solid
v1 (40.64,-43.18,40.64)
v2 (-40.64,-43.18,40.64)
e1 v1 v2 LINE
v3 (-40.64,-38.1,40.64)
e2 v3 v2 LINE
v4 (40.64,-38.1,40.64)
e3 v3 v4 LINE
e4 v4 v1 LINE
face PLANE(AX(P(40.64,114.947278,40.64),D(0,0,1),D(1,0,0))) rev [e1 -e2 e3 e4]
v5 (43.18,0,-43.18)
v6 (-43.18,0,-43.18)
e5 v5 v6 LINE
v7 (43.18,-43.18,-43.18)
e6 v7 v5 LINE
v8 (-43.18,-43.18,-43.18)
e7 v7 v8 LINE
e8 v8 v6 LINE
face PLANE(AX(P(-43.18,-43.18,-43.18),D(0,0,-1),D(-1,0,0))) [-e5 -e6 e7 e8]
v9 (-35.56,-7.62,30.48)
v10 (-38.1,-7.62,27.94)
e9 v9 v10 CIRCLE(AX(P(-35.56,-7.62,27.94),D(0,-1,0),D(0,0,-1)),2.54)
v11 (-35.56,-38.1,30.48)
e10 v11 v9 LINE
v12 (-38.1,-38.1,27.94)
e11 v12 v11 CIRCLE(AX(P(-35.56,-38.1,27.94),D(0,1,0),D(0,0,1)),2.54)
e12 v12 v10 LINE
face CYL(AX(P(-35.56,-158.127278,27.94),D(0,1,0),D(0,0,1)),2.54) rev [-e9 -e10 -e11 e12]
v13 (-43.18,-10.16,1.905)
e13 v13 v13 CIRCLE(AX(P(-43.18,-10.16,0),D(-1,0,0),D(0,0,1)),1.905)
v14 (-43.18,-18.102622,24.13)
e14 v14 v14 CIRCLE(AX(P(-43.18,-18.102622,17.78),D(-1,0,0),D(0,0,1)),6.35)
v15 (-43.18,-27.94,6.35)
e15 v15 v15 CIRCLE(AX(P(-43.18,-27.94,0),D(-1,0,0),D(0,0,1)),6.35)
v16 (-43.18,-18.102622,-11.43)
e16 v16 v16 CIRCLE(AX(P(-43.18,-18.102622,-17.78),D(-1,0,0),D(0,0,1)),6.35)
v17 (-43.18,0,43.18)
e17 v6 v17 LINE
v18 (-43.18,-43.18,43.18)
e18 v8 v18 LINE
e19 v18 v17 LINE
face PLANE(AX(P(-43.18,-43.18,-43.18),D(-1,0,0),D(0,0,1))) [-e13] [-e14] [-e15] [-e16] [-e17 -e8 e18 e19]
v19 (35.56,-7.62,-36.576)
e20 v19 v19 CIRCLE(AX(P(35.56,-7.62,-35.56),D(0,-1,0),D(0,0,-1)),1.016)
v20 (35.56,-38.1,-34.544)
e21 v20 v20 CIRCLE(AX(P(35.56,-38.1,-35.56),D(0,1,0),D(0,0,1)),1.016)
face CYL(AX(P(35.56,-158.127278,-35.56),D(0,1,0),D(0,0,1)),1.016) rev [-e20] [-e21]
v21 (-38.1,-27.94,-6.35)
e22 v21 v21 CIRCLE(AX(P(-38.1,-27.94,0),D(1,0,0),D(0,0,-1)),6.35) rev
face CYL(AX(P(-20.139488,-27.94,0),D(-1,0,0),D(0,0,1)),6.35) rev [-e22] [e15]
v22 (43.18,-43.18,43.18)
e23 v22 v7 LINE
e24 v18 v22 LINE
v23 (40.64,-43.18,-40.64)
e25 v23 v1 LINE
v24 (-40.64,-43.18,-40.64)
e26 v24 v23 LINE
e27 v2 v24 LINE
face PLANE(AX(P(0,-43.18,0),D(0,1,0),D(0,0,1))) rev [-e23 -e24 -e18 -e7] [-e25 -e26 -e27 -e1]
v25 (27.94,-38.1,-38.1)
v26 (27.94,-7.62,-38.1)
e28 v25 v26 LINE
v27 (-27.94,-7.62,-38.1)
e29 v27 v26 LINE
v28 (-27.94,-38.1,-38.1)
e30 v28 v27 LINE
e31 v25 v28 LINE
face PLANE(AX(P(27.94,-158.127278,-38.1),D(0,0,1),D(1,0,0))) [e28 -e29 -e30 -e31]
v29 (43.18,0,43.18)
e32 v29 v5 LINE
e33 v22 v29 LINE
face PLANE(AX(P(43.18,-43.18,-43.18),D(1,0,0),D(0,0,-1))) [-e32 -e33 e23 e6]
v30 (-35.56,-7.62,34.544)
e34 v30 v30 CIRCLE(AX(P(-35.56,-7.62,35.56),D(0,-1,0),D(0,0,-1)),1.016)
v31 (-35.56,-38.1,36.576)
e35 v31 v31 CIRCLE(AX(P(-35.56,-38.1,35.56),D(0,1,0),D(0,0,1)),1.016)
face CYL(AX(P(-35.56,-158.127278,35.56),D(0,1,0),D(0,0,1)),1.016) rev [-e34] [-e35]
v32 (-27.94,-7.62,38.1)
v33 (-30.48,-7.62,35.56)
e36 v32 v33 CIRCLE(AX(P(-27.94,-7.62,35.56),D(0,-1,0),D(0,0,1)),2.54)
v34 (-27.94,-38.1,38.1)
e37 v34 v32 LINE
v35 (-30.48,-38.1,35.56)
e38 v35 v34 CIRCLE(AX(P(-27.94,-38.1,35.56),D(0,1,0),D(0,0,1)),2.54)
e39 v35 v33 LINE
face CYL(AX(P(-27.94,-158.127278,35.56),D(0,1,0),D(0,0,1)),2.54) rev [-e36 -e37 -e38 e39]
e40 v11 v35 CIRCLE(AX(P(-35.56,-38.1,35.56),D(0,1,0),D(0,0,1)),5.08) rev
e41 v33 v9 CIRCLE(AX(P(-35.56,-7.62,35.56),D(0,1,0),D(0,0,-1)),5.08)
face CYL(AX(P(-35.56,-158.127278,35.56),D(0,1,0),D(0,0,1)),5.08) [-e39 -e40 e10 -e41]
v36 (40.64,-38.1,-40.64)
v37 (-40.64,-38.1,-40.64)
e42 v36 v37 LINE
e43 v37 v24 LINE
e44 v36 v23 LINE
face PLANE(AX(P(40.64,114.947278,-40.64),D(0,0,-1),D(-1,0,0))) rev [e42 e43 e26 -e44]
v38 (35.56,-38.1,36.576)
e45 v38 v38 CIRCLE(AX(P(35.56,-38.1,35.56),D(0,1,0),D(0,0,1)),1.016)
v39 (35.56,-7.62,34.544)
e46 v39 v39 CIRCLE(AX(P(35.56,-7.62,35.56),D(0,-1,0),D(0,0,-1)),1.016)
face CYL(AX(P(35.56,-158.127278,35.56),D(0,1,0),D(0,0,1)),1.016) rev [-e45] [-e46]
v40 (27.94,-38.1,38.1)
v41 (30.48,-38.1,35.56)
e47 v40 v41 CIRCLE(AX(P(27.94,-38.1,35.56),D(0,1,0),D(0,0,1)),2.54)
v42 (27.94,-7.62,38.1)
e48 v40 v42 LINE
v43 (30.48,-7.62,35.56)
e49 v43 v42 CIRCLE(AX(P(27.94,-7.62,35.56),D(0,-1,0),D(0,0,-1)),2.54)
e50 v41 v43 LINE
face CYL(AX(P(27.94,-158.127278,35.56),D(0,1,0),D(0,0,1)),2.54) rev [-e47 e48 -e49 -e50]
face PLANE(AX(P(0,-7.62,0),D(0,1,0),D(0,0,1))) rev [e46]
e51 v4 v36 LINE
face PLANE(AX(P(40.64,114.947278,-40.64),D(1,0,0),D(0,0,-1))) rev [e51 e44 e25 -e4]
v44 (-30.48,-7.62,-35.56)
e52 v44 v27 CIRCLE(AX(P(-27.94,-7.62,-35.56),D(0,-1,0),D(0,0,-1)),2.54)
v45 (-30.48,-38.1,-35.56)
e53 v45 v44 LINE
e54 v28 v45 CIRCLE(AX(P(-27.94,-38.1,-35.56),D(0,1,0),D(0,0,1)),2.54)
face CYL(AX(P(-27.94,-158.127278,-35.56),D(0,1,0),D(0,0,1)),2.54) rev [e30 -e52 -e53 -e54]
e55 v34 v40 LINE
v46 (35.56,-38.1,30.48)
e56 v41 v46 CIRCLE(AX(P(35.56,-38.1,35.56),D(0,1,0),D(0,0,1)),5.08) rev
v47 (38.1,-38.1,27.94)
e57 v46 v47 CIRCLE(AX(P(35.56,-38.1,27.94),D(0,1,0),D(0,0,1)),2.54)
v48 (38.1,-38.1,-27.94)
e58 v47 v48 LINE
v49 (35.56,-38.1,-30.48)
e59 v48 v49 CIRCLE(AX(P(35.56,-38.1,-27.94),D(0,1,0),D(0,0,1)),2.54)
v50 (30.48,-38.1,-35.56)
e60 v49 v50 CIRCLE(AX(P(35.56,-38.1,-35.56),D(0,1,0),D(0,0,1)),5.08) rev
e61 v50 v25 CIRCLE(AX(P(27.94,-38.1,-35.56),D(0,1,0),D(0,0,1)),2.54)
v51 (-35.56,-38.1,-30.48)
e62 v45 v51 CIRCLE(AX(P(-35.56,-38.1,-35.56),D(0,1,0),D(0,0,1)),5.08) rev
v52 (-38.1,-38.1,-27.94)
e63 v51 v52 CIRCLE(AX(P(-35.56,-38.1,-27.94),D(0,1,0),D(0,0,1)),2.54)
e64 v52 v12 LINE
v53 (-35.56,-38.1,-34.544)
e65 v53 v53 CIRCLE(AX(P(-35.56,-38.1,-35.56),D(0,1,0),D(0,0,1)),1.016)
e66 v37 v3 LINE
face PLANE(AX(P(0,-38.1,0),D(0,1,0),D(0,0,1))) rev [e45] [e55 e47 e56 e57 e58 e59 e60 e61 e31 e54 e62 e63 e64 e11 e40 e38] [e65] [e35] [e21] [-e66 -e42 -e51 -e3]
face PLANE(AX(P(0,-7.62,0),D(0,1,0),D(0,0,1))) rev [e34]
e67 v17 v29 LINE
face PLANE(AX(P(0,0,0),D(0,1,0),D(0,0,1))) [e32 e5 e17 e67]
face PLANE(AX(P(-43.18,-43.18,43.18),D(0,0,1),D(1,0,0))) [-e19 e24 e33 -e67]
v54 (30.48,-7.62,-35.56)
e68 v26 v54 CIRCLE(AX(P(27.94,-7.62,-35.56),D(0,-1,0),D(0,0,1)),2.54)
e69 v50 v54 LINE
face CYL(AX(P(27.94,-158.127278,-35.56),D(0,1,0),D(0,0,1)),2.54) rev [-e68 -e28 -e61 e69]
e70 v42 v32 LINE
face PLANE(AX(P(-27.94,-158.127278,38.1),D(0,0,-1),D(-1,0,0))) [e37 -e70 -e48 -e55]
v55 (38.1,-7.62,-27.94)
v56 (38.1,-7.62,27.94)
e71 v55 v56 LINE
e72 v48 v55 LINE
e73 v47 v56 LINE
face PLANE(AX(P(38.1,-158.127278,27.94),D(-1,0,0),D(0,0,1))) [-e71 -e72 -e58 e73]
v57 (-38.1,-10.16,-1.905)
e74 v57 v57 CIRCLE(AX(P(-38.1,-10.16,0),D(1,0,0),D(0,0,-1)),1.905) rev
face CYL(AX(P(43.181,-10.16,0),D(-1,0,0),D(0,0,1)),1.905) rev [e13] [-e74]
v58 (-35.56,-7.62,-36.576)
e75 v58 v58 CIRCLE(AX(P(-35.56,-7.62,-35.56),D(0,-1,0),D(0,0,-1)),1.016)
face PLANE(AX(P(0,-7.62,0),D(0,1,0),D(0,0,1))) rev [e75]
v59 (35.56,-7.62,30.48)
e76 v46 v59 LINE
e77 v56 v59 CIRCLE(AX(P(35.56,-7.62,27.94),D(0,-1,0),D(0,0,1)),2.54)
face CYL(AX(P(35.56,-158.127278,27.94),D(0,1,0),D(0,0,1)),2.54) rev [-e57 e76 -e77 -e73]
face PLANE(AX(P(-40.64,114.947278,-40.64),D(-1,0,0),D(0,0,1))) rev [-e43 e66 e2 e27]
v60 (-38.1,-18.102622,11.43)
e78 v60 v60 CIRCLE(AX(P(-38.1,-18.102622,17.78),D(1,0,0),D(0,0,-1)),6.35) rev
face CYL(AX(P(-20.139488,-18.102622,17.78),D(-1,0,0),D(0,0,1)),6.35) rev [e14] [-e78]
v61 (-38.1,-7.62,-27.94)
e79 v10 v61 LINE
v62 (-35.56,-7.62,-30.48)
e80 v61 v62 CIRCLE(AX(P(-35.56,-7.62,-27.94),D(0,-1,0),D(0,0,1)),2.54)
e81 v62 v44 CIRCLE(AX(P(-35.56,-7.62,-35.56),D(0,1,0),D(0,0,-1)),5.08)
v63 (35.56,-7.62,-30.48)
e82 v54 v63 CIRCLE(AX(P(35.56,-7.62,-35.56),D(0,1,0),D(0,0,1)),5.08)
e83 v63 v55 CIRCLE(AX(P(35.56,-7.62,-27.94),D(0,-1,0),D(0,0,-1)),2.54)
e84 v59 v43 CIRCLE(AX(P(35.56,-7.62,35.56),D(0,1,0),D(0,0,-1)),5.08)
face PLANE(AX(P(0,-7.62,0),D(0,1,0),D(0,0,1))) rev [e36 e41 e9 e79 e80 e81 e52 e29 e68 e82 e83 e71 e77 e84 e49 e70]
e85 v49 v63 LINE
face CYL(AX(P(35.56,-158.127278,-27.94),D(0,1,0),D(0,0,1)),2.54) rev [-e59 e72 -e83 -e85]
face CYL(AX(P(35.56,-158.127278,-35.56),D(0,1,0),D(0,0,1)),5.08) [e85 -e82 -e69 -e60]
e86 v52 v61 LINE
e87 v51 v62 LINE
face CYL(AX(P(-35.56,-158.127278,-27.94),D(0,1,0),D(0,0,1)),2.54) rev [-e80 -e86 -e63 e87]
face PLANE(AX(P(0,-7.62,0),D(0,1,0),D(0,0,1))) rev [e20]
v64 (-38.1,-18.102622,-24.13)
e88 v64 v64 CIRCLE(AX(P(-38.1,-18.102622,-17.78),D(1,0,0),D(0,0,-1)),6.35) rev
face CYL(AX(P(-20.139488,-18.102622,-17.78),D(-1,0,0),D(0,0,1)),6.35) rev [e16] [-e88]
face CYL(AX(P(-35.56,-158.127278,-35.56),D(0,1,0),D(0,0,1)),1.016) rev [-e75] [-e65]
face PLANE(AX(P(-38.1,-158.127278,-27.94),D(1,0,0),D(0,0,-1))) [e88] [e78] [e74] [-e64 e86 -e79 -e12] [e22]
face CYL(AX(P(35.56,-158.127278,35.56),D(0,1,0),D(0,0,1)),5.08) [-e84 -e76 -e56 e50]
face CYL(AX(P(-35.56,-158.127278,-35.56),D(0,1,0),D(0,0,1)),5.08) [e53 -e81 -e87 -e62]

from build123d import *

# Parameters (mm, degrees)
SKETCH1_W           = 86.36
SKETCH1_H           = 86.36
BOSS_EXTRUDE1_DEPTH = 43.18
SKETCH2_W           = 81.28
SKETCH2_H           = 81.28
CUT_EXTRUDE2_DEPTH  = 35.56
SKETCH6_W           = 81.28
SKETCH6_H           = 81.28
SKETCH6_R           = 1.016
BOSS_EXTRUDE2_DEPTH = 30.48
SKETCH9_R           = 6.35
CUT_EXTRUDE3_DEPTH  = 5.08
CUT_EXTRUDE4_REACH  = 107.769
SKETCH10_R          = 1.905


with BuildPart() as part:
    # Sketch1 → Boss-Extrude1 (new body)
    with BuildSketch(Plane(origin=(0, 0, 0), x_dir=(1, 0, 0), z_dir=(0, 1, 0))):
        Rectangle(SKETCH1_W, SKETCH1_H)
    extrude(amount=-BOSS_EXTRUDE1_DEPTH)

    # Sketch2 → Cut-Extrude2 (cut)
    with BuildSketch(Plane(origin=(0, -43.18, 0), x_dir=(-1, 0, 0), z_dir=(0, -1, 0))):
        Rectangle(SKETCH2_W, SKETCH2_H)
    extrude(amount=-CUT_EXTRUDE2_DEPTH, mode=Mode.SUBTRACT)

    # Sketch6 → Boss-Extrude2 (add)
    with BuildSketch(Plane(origin=(0, -7.62, 0), x_dir=(-1, 0, 0), z_dir=(0, -1, 0))):
        Rectangle(SKETCH6_W, SKETCH6_H)
        with Locations(Location((-35.56, 35.56, 0), (0, 0, 270))):
            Circle(SKETCH6_R, mode=Mode.SUBTRACT)
        with Locations(Location((35.56, 35.56, 0), (0, 0, 270))):
            Circle(SKETCH6_R, mode=Mode.SUBTRACT)
        with Locations(Location((35.56, -35.56, 0), (0, 0, 270))):
            Circle(SKETCH6_R, mode=Mode.SUBTRACT)
        with Locations(Location((-35.56, -35.56, 0), (0, 0, 270))):
            Circle(SKETCH6_R, mode=Mode.SUBTRACT)
        with BuildLine():
            Line((-27.94, 38.1), (27.94, 38.1))
            ThreePointArc((27.94, 38.1), (29.736051224, 37.356051224), (30.48, 35.56))
            ThreePointArc((30.48, 35.56), (31.967897552, 31.967897552), (35.56, 30.48))
            ThreePointArc((35.56, 30.48), (37.356051224, 29.736051224), (38.1, 27.94))
            Line((38.1, 27.94), (38.1, -27.94))
            ThreePointArc((38.1, -27.94), (37.356051224, -29.736051224), (35.56, -30.48))
            ThreePointArc((35.56, -30.48), (31.967897552, -31.967897552), (30.48, -35.56))
            ThreePointArc((30.48, -35.56), (29.736051224, -37.356051224), (27.94, -38.1))
            Line((27.94, -38.1), (-27.94, -38.1))
            ThreePointArc((-27.94, -38.1), (-29.736051224, -37.356051224), (-30.48, -35.56))
            ThreePointArc((-30.48, -35.56), (-31.967897552, -31.967897552), (-35.56, -30.48))
            ThreePointArc((-35.56, -30.48), (-37.356051224, -29.736051224), (-38.1, -27.94))
            Line((-38.1, -27.94), (-38.1, 27.94))
            ThreePointArc((-38.1, 27.94), (-37.356051224, 29.736051224), (-35.56, 30.48))
            ThreePointArc((-35.56, 30.48), (-31.967897552, 31.967897552), (-30.48, 35.56))
            ThreePointArc((-30.48, 35.56), (-29.736051224, 37.356051224), (-27.94, 38.1))
        make_face(mode=Mode.SUBTRACT)
    extrude(amount=BOSS_EXTRUDE2_DEPTH)

    # Sketch9 → Cut-Extrude3 (cut)
    with BuildSketch(Plane.ZY.offset(43.18)):
        with Locations((0, -27.94)):
            Circle(SKETCH9_R)
        with Locations((-17.78, -18.102622301)):
            Circle(SKETCH9_R)
        with Locations((17.78, -18.102622301)):
            Circle(SKETCH9_R)
    extrude(amount=-CUT_EXTRUDE3_DEPTH, mode=Mode.SUBTRACT)

    # Sketch10 → Cut-Extrude4 (cut, up to next)
    with BuildSketch(Plane.ZY.offset(43.18), mode=Mode.PRIVATE) as cut_extrude4_sk1:
        with Locations((0, -10.16)):
            Circle(SKETCH10_R)
    cut_extrude4_tool1 = extrude(cut_extrude4_sk1.sketch, amount=-CUT_EXTRUDE4_REACH, mode=Mode.PRIVATE) & part.part
    add(cut_extrude4_tool1.solids().sort_by_distance((-43.18, -10.16, 0))[0], mode=Mode.SUBTRACT)


solid = part.part
